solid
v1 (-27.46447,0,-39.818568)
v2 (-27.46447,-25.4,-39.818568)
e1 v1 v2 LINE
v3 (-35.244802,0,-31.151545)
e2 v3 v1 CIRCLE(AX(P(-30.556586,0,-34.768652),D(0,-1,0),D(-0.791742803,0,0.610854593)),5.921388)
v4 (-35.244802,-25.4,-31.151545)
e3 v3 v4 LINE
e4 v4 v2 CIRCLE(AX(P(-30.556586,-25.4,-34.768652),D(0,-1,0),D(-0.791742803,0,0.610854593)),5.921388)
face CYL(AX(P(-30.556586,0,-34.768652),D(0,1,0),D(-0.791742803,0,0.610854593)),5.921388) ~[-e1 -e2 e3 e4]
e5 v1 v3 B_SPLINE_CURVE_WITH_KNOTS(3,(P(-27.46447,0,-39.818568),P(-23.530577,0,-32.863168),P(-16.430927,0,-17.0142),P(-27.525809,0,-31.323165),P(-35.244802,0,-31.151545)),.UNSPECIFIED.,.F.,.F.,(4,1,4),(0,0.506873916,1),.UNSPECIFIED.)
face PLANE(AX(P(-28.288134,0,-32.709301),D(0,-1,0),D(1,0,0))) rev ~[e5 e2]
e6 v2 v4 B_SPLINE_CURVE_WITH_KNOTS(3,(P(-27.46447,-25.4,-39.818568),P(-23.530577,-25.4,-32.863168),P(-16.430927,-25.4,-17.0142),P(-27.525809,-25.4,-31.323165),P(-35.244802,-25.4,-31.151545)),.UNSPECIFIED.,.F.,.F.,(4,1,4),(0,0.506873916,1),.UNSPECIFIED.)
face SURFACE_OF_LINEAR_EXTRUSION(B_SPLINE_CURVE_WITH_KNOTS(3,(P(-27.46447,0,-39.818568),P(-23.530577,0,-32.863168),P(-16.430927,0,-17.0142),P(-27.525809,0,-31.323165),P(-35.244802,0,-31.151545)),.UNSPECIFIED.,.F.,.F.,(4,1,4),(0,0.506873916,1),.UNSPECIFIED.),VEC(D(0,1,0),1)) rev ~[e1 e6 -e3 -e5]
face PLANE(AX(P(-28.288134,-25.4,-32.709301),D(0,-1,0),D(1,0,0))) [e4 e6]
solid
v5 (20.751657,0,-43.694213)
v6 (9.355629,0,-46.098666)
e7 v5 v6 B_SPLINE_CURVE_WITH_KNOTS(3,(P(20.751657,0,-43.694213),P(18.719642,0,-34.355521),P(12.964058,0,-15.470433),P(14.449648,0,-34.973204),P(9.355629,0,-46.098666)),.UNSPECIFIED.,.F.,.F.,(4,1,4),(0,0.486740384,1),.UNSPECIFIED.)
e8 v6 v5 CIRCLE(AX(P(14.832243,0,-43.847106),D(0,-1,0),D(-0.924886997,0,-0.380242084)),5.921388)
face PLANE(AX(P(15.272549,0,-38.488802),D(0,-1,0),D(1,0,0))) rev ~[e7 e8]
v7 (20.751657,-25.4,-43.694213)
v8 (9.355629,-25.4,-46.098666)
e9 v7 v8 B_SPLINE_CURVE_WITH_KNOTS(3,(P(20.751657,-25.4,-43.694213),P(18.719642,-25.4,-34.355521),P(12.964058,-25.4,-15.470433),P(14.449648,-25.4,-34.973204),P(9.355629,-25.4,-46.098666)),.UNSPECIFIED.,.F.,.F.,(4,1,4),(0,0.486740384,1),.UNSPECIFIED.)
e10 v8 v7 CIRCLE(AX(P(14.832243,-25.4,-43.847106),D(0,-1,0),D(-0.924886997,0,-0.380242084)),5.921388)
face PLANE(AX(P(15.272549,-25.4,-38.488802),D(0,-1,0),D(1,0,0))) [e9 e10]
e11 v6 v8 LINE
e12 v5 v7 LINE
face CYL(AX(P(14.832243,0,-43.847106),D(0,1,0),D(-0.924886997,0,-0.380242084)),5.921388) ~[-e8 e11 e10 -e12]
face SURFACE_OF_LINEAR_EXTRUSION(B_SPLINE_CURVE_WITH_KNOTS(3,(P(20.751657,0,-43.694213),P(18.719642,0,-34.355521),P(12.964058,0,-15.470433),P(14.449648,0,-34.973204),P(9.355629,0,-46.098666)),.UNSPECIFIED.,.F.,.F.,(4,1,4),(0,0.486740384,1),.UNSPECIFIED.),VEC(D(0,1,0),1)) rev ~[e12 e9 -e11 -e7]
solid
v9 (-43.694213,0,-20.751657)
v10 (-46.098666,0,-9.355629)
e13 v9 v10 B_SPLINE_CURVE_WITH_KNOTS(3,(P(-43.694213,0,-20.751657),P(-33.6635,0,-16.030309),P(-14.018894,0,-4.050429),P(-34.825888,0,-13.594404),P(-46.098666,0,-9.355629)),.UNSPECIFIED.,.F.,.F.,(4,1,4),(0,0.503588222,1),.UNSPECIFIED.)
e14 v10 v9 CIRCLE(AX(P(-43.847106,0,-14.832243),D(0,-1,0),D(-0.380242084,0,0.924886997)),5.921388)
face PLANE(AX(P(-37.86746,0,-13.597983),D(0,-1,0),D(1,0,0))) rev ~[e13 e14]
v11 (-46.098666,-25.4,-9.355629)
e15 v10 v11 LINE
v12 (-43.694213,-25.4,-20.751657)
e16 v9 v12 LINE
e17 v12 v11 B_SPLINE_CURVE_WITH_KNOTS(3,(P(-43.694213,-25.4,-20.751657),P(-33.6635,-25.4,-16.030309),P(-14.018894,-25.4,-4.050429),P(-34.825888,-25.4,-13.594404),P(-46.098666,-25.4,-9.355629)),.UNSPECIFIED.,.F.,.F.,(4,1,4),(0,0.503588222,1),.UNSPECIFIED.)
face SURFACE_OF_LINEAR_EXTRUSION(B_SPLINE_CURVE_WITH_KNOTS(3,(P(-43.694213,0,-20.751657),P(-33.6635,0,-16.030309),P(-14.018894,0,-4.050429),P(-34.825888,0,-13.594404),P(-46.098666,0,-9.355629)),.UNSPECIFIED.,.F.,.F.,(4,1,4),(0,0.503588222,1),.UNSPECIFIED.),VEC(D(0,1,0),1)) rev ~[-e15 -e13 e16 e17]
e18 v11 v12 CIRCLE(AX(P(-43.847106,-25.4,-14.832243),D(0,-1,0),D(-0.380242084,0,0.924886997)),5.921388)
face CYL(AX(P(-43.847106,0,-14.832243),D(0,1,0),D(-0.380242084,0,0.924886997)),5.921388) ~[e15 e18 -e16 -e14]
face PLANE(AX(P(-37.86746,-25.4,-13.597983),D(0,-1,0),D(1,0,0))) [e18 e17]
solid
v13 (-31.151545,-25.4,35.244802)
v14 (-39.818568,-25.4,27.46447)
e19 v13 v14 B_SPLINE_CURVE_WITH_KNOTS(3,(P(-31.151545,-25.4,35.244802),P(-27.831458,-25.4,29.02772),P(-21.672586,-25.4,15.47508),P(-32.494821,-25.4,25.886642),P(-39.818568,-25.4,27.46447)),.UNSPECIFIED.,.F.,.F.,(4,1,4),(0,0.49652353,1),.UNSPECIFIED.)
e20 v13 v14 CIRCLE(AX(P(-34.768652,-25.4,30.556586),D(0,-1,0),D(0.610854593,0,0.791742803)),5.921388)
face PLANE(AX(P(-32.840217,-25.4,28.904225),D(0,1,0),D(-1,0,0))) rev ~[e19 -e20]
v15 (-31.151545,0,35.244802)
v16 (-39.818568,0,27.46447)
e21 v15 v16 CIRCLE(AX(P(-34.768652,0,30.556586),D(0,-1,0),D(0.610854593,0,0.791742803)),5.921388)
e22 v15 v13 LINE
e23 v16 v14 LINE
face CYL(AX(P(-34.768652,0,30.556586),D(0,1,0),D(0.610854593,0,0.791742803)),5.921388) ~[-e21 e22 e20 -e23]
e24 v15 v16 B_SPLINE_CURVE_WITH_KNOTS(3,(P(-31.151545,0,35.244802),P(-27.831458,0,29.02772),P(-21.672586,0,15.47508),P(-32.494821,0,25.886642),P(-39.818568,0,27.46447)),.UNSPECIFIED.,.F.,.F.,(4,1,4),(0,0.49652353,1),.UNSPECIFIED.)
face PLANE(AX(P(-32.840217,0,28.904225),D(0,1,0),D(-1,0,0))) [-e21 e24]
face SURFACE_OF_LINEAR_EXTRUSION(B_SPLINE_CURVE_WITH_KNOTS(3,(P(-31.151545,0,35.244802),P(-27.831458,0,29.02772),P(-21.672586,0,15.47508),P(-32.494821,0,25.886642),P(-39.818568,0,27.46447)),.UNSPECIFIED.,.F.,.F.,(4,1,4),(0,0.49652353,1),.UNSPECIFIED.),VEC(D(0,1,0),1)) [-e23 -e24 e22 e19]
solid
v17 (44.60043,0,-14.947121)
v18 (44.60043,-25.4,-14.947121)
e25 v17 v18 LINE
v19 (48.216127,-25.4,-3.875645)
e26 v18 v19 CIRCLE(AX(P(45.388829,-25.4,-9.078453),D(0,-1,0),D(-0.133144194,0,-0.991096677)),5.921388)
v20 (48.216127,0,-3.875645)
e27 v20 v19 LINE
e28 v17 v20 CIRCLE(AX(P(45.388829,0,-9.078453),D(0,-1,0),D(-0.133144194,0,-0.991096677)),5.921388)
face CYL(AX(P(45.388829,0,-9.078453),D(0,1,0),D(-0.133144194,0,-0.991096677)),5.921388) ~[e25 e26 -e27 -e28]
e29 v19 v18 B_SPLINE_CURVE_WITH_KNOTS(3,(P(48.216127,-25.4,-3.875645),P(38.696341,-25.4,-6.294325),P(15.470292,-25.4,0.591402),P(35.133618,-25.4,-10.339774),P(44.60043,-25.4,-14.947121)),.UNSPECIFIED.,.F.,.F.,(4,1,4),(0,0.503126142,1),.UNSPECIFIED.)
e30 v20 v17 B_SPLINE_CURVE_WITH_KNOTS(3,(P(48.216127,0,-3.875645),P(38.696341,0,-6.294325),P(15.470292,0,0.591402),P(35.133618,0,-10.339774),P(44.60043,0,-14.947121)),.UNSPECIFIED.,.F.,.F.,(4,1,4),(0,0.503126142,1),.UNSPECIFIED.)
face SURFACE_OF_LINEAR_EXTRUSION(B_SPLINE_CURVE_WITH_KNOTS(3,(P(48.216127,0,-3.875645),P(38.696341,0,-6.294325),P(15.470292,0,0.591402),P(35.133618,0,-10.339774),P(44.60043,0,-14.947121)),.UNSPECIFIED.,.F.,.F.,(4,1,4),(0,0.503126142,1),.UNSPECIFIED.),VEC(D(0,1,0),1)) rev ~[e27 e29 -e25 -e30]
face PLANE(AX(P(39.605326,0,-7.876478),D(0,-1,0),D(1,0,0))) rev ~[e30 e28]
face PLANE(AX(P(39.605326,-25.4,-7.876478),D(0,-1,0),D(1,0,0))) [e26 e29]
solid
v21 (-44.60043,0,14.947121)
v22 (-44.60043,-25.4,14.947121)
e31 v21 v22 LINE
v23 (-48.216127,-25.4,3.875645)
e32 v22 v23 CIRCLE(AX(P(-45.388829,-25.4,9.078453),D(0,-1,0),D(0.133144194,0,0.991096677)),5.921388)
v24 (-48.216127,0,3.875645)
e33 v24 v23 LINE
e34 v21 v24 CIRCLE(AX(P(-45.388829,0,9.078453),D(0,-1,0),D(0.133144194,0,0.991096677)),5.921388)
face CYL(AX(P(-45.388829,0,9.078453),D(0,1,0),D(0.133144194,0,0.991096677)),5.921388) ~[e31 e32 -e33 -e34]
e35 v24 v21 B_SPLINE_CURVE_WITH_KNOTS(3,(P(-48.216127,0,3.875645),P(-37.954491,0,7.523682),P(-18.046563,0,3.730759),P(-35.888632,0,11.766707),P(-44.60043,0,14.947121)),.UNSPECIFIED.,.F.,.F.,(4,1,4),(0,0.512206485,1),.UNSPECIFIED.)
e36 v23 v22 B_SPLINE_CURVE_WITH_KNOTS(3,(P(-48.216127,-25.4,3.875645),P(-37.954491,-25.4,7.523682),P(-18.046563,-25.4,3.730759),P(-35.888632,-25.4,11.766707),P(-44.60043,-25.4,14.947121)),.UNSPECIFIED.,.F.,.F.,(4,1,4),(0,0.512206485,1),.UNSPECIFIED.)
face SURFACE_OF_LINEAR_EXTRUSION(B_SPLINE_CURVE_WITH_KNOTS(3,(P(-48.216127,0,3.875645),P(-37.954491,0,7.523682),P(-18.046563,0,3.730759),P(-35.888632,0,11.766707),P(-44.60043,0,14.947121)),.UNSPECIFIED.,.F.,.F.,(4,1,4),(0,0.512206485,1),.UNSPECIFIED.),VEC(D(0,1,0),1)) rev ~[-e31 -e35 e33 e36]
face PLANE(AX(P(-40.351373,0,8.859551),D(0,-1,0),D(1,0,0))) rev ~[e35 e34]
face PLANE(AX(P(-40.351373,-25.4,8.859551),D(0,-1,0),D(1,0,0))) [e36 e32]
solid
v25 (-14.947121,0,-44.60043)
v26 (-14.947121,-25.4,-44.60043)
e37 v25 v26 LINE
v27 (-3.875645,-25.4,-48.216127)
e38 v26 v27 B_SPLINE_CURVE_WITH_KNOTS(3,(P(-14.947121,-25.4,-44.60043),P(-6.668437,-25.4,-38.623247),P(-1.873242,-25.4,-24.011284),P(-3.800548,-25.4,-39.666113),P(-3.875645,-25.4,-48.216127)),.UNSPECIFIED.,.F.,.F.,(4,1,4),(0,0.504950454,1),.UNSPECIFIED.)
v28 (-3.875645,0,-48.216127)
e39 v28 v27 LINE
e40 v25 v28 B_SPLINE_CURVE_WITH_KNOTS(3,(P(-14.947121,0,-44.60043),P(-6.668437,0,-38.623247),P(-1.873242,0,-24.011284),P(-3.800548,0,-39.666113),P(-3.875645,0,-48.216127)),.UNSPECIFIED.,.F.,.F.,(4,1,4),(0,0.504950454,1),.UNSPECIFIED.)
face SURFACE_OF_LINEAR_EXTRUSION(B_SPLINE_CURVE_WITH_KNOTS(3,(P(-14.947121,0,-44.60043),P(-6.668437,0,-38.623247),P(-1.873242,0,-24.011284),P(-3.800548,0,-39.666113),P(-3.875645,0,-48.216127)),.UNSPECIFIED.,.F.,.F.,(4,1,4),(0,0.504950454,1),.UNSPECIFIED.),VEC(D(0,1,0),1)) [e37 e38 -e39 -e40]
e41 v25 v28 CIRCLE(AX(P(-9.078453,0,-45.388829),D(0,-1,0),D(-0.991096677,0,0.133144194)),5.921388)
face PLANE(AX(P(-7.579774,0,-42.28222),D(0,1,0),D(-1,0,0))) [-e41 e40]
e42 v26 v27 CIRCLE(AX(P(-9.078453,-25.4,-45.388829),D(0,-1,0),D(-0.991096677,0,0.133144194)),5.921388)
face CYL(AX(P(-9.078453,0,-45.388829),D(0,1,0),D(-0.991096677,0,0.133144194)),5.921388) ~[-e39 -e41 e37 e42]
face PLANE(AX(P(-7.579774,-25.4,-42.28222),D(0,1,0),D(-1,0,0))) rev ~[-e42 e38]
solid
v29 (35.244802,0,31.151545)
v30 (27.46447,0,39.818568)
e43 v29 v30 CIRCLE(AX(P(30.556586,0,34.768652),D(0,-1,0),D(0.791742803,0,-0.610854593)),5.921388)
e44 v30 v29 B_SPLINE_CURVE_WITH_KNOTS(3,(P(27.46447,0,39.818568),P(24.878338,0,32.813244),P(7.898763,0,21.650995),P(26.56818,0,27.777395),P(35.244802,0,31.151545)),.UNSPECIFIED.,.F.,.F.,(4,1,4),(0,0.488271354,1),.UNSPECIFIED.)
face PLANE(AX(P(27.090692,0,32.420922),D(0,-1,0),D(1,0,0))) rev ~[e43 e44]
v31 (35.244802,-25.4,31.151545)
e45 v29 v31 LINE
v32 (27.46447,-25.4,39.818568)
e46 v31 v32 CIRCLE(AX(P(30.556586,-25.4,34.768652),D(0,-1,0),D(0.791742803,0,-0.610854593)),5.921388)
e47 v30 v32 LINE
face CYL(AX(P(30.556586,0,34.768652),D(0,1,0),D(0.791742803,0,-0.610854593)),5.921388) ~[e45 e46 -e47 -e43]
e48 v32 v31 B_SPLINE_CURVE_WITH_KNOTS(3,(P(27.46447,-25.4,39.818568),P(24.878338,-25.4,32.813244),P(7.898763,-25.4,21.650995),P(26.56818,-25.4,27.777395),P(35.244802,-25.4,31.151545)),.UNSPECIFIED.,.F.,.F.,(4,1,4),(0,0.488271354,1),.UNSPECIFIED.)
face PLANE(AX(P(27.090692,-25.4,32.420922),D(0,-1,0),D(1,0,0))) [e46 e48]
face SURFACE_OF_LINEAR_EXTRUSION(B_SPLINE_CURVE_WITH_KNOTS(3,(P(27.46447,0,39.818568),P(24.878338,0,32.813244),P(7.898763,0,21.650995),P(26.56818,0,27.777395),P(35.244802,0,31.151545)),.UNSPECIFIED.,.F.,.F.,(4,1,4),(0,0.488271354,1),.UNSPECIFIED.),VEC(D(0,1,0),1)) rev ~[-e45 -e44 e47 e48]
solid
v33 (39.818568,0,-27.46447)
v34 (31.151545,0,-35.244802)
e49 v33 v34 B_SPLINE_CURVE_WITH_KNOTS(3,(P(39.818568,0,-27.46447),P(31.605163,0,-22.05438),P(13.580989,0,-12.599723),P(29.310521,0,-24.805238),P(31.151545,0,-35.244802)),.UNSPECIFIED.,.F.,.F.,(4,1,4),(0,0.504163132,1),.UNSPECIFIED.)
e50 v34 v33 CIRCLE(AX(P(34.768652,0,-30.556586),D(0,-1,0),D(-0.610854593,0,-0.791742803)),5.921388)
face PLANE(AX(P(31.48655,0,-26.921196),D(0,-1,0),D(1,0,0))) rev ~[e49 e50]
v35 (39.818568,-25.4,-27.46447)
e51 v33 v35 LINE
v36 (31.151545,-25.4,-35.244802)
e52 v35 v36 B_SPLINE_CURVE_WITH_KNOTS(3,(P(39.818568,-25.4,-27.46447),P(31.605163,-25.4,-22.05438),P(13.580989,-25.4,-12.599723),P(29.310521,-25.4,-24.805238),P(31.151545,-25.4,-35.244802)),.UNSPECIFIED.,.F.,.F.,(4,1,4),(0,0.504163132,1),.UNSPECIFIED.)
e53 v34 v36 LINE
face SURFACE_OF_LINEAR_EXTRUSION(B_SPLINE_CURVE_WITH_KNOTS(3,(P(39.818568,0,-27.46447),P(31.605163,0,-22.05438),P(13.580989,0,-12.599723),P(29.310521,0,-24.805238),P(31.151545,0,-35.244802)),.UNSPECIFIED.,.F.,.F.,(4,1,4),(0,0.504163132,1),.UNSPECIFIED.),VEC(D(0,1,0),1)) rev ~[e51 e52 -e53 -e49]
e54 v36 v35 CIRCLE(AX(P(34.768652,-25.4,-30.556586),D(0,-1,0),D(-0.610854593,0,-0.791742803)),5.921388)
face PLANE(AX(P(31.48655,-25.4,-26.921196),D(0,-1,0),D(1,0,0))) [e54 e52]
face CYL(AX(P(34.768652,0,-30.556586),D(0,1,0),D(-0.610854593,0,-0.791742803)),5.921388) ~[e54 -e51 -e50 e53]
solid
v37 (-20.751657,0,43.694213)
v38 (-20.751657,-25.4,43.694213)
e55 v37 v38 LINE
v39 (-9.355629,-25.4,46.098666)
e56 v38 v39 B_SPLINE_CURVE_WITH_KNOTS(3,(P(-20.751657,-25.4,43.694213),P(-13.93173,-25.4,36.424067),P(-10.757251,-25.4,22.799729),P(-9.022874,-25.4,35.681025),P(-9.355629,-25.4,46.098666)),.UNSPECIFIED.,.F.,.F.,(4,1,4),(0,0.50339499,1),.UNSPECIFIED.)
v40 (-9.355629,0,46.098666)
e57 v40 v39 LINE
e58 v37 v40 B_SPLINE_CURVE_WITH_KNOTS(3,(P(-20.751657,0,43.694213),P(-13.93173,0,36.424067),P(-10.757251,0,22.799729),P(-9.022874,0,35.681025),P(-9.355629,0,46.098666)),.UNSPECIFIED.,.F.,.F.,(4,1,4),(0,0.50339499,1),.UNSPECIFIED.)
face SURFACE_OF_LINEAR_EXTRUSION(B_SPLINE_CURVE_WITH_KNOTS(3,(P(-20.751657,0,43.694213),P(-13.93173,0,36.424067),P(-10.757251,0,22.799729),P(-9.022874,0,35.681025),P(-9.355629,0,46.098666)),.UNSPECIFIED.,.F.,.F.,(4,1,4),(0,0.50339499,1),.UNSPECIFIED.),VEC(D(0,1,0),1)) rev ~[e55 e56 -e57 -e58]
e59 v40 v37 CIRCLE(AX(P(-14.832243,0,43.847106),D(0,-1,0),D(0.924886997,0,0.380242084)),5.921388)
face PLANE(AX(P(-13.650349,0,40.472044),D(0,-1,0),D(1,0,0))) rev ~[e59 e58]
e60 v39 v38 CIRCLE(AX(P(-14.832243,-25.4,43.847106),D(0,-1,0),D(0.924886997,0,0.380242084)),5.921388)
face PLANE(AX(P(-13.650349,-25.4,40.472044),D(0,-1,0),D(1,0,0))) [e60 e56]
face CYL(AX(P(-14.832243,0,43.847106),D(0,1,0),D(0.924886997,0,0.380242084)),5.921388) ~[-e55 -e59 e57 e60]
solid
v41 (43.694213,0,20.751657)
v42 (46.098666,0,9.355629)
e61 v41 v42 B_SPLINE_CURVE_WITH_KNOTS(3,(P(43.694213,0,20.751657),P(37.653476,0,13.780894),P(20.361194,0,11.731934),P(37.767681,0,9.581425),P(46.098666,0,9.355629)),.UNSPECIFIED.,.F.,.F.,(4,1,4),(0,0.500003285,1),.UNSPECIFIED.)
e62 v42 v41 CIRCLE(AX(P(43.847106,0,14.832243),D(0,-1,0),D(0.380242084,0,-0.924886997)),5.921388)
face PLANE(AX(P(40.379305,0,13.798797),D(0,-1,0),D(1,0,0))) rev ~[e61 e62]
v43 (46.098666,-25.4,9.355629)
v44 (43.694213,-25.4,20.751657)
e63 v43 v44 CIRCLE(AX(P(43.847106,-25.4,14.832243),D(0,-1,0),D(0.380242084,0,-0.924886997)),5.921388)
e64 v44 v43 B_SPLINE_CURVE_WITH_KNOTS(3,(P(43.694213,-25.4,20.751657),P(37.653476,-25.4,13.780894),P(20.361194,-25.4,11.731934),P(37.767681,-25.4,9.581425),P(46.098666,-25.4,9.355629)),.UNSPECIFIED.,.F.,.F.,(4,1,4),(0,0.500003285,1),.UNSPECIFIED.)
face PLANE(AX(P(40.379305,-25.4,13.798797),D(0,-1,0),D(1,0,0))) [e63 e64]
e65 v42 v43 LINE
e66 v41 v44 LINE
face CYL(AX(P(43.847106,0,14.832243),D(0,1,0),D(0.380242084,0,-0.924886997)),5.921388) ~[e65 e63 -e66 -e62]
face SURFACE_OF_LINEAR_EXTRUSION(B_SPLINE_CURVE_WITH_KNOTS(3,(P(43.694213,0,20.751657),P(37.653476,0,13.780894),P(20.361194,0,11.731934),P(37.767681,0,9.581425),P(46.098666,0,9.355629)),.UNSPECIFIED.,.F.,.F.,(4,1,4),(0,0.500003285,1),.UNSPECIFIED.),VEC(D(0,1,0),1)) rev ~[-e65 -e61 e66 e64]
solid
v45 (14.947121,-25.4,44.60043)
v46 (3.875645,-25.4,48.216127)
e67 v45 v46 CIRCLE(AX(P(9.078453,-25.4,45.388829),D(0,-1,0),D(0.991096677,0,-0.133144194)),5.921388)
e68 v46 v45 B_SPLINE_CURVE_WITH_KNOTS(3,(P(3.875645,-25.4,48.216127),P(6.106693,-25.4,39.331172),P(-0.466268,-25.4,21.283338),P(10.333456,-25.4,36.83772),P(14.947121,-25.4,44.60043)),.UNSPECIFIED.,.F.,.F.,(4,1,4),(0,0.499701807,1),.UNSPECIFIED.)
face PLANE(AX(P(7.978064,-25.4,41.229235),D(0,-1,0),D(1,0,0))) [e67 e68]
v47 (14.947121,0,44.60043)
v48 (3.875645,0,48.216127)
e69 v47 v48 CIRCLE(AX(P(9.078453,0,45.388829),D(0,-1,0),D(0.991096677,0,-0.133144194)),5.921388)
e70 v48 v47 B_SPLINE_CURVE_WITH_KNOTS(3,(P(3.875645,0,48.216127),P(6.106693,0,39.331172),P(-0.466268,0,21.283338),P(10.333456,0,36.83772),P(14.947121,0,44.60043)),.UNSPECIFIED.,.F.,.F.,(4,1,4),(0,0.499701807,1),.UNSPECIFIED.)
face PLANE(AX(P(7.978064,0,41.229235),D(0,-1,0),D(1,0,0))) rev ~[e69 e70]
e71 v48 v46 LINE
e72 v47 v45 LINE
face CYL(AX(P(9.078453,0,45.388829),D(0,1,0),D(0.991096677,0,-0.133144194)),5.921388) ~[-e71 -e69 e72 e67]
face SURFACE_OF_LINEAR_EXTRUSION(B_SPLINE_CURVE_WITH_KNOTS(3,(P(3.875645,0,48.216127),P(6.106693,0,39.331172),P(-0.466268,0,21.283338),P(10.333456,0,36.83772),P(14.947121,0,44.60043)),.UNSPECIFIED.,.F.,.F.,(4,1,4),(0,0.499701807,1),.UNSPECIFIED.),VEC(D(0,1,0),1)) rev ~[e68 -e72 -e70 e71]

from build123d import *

# Parameters (mm, degrees)
F1_DEPTH = 25.4


with BuildPart() as f1:
    # F0 (on Front) → F1 (new body)
    with BuildSketch(Plane.XZ):
        with BuildLine():
            add(Edge.make_bspline(
                [(43.6942128915, 20.7516566908), (37.6534759998, 13.7808937579), (20.3611942202, 11.7319338318), (37.7676810562, 9.5814254022), (46.0986662923, 9.3556287457)],
                knots=[0, 0, 0, 0, 0.500003285, 1, 1, 1, 1], degree=3))
            ThreePointArc((46.0986662923, 9.3556287457), (49.6409354328, 16.0546861708), (43.6942128915, 20.7516566908))
        make_face()
    extrude(amount=F1_DEPTH)


with BuildPart() as f1b:
    # F0 (on Front) → F1, piece 2 (new body)
    with BuildSketch(Plane.XZ):
        with BuildLine():
            add(Edge.make_bspline(
                [(-31.1515453083, 35.2448017169), (-27.8314582232, 29.0277199818), (-21.6725859794, 15.4750796973), (-32.4948206544, 25.8866418153), (-39.8185683106, 27.464470017)],
                knots=[0, 0, 0, 0, 0.4965235301, 1, 1, 1, 1], degree=3))
            ThreePointArc((-31.1515453083, 35.2448017169), (-38.7242337901, 34.962968067), (-39.8185683106, 27.464470017))
        make_face()
    extrude(amount=F1_DEPTH)


with BuildPart() as f1c:
    # F0 (on Front) → F1, piece 3 (new body)
    with BuildSketch(Plane.XZ):
        with BuildLine():
            add(Edge.make_bspline(
                [(-14.9471209841, -44.6004304626), (-6.6684368066, -38.6232472956), (-1.873241772, -24.0112844756), (-3.8005476817, -39.6661125124), (-3.8756445809, -48.2161267078)],
                knots=[0, 0, 0, 0, 0.5049504536, 1, 1, 1, 1], degree=3))
            ThreePointArc((-14.9471209841, -44.6004304626), (-10.9167016427, -51.0176542378), (-3.8756445809, -48.2161267078))
        make_face()
    extrude(amount=F1_DEPTH)


with BuildPart() as f1d:
    # F0 (on Front) → F1, piece 4 (new body)
    with BuildSketch(Plane.XZ):
        with BuildLine():
            add(Edge.make_bspline(
                [(-20.7516566908, 43.6942128915), (-13.9317295828, 36.4240669794), (-10.7572511786, 22.7997290618), (-9.0228736551, 35.6810251146), (-9.3556287457, 46.0986662923)],
                knots=[0, 0, 0, 0, 0.5033949897, 1, 1, 1, 1], degree=3))
            ThreePointArc((-9.3556287457, 46.0986662923), (-16.0546861708, 49.6409354328), (-20.7516566908, 43.6942128915))
        make_face()
    extrude(amount=F1_DEPTH)


with BuildPart() as f1e:
    # F0 (on Front) → F1, piece 5 (new body)
    with BuildSketch(Plane.XZ):
        with BuildLine():
            add(Edge.make_bspline(
                [(48.2161267078, -3.8756445809), (38.6963412166, -6.2943245284), (15.4702924202, 0.5914018033), (35.1336182152, -10.3397743174), (44.6004304626, -14.9471209841)],
                knots=[0, 0, 0, 0, 0.5031261421, 1, 1, 1, 1], degree=3))
            ThreePointArc((44.6004304626, -14.9471209841), (51.0176542378, -10.9167016427), (48.2161267078, -3.8756445809))
        make_face()
    extrude(amount=F1_DEPTH)


with BuildPart() as f1f:
    # F0 (on Front) → F1, piece 6 (new body)
    with BuildSketch(Plane.XZ):
        with BuildLine():
            add(Edge.make_bspline(
                [(-27.464470017, -39.8185683106), (-23.5305771025, -32.8631682889), (-16.4309267944, -17.0141995807), (-27.5258086622, -31.3231647015), (-35.2448017169, -31.1515453083)],
                knots=[0, 0, 0, 0, 0.5068739164, 1, 1, 1, 1], degree=3))
            ThreePointArc((-35.2448017169, -31.1515453083), (-34.962968067, -38.7242337901), (-27.464470017, -39.8185683106))
        make_face()
    extrude(amount=F1_DEPTH)


with BuildPart() as f1g:
    # F0 (on Front) → F1, piece 7 (new body)
    with BuildSketch(Plane.XZ):
        with BuildLine():
            add(Edge.make_bspline(
                [(-43.6942128915, -20.7516566908), (-33.6634995044, -16.0303087631), (-14.0188940769, -4.0504286217), (-34.825887531, -13.594403863), (-46.0986662923, -9.3556287457)],
                knots=[0, 0, 0, 0, 0.5035882222, 1, 1, 1, 1], degree=3))
            ThreePointArc((-46.0986662923, -9.3556287457), (-49.6409354328, -16.0546861708), (-43.6942128915, -20.7516566908))
        make_face()
    extrude(amount=F1_DEPTH)


with BuildPart() as f1h:
    # F0 (on Front) → F1, piece 8 (new body)
    with BuildSketch(Plane.XZ):
        with BuildLine():
            add(Edge.make_bspline(
                [(3.8756445809, 48.2161267078), (6.1066932976, 39.3311716616), (-0.4662675797, 21.2833383245), (10.333455576, 36.8377200332), (14.9471209841, 44.6004304626)],
                knots=[0, 0, 0, 0, 0.4997018067, 1, 1, 1, 1], degree=3))
            ThreePointArc((14.9471209841, 44.6004304626), (10.9167016427, 51.0176542378), (3.8756445809, 48.2161267078))
        make_face()
    extrude(amount=F1_DEPTH)


with BuildPart() as f1i:
    # F0 (on Front) → F1, piece 9 (new body)
    with BuildSketch(Plane.XZ):
        with BuildLine():
            add(Edge.make_bspline(
                [(39.8185683106, -27.464470017), (31.605162731, -22.0543804825), (13.5809889579, -12.5997234869), (29.3105207384, -24.8052384704), (31.1515453083, -35.2448017169)],
                knots=[0, 0, 0, 0, 0.5041631317, 1, 1, 1, 1], degree=3))
            ThreePointArc((31.1515453083, -35.2448017169), (38.7242337901, -34.962968067), (39.8185683106, -27.464470017))
        make_face()
    extrude(amount=F1_DEPTH)


with BuildPart() as f1j:
    # F0 (on Front) → F1, piece 10 (new body)
    with BuildSketch(Plane.XZ):
        with BuildLine():
            add(Edge.make_bspline(
                [(-48.2161267078, 3.8756445809), (-37.9544906318, 7.5236824341), (-18.046563155, 3.730758545), (-35.8886318836, 11.7667074998), (-44.6004304626, 14.9471209841)],
                knots=[0, 0, 0, 0, 0.5122064849, 1, 1, 1, 1], degree=3))
            ThreePointArc((-44.6004304626, 14.9471209841), (-51.0176542378, 10.9167016427), (-48.2161267078, 3.8756445809))
        make_face()
    extrude(amount=F1_DEPTH)


with BuildPart() as f1k:
    # F0 (on Front) → F1, piece 11 (new body)
    with BuildSketch(Plane.XZ):
        with BuildLine():
            add(Edge.make_bspline(
                [(20.7516566908, -43.6942128915), (18.7196422501, -34.3555205462), (12.9640582676, -15.4704329198), (14.4496476278, -34.9732041359), (9.3556287457, -46.0986662923)],
                knots=[0, 0, 0, 0, 0.4867403843, 1, 1, 1, 1], degree=3))
            ThreePointArc((9.3556287457, -46.0986662923), (16.0546861708, -49.6409354328), (20.7516566908, -43.6942128915))
        make_face()
    extrude(amount=F1_DEPTH)


with BuildPart() as f1l:
    # F0 (on Front) → F1, piece 12 (new body)
    with BuildSketch(Plane.XZ):
        with BuildLine():
            add(Edge.make_bspline(
                [(27.464470017, 39.8185683106), (24.8783379793, 32.8132435679), (7.898762946, 21.6509950536), (26.5681798839, 27.7773952826), (35.2448017169, 31.1515453083)],
                knots=[0, 0, 0, 0, 0.4882713535, 1, 1, 1, 1], degree=3))
            ThreePointArc((35.2448017169, 31.1515453083), (34.962968067, 38.7242337901), (27.464470017, 39.8185683106))
        make_face()
    extrude(amount=F1_DEPTH)


solid = Compound([f1.part, f1b.part, f1c.part, f1d.part, f1e.part, f1f.part, f1g.part, f1h.part, f1i.part, f1j.part, f1k.part, f1l.part])
